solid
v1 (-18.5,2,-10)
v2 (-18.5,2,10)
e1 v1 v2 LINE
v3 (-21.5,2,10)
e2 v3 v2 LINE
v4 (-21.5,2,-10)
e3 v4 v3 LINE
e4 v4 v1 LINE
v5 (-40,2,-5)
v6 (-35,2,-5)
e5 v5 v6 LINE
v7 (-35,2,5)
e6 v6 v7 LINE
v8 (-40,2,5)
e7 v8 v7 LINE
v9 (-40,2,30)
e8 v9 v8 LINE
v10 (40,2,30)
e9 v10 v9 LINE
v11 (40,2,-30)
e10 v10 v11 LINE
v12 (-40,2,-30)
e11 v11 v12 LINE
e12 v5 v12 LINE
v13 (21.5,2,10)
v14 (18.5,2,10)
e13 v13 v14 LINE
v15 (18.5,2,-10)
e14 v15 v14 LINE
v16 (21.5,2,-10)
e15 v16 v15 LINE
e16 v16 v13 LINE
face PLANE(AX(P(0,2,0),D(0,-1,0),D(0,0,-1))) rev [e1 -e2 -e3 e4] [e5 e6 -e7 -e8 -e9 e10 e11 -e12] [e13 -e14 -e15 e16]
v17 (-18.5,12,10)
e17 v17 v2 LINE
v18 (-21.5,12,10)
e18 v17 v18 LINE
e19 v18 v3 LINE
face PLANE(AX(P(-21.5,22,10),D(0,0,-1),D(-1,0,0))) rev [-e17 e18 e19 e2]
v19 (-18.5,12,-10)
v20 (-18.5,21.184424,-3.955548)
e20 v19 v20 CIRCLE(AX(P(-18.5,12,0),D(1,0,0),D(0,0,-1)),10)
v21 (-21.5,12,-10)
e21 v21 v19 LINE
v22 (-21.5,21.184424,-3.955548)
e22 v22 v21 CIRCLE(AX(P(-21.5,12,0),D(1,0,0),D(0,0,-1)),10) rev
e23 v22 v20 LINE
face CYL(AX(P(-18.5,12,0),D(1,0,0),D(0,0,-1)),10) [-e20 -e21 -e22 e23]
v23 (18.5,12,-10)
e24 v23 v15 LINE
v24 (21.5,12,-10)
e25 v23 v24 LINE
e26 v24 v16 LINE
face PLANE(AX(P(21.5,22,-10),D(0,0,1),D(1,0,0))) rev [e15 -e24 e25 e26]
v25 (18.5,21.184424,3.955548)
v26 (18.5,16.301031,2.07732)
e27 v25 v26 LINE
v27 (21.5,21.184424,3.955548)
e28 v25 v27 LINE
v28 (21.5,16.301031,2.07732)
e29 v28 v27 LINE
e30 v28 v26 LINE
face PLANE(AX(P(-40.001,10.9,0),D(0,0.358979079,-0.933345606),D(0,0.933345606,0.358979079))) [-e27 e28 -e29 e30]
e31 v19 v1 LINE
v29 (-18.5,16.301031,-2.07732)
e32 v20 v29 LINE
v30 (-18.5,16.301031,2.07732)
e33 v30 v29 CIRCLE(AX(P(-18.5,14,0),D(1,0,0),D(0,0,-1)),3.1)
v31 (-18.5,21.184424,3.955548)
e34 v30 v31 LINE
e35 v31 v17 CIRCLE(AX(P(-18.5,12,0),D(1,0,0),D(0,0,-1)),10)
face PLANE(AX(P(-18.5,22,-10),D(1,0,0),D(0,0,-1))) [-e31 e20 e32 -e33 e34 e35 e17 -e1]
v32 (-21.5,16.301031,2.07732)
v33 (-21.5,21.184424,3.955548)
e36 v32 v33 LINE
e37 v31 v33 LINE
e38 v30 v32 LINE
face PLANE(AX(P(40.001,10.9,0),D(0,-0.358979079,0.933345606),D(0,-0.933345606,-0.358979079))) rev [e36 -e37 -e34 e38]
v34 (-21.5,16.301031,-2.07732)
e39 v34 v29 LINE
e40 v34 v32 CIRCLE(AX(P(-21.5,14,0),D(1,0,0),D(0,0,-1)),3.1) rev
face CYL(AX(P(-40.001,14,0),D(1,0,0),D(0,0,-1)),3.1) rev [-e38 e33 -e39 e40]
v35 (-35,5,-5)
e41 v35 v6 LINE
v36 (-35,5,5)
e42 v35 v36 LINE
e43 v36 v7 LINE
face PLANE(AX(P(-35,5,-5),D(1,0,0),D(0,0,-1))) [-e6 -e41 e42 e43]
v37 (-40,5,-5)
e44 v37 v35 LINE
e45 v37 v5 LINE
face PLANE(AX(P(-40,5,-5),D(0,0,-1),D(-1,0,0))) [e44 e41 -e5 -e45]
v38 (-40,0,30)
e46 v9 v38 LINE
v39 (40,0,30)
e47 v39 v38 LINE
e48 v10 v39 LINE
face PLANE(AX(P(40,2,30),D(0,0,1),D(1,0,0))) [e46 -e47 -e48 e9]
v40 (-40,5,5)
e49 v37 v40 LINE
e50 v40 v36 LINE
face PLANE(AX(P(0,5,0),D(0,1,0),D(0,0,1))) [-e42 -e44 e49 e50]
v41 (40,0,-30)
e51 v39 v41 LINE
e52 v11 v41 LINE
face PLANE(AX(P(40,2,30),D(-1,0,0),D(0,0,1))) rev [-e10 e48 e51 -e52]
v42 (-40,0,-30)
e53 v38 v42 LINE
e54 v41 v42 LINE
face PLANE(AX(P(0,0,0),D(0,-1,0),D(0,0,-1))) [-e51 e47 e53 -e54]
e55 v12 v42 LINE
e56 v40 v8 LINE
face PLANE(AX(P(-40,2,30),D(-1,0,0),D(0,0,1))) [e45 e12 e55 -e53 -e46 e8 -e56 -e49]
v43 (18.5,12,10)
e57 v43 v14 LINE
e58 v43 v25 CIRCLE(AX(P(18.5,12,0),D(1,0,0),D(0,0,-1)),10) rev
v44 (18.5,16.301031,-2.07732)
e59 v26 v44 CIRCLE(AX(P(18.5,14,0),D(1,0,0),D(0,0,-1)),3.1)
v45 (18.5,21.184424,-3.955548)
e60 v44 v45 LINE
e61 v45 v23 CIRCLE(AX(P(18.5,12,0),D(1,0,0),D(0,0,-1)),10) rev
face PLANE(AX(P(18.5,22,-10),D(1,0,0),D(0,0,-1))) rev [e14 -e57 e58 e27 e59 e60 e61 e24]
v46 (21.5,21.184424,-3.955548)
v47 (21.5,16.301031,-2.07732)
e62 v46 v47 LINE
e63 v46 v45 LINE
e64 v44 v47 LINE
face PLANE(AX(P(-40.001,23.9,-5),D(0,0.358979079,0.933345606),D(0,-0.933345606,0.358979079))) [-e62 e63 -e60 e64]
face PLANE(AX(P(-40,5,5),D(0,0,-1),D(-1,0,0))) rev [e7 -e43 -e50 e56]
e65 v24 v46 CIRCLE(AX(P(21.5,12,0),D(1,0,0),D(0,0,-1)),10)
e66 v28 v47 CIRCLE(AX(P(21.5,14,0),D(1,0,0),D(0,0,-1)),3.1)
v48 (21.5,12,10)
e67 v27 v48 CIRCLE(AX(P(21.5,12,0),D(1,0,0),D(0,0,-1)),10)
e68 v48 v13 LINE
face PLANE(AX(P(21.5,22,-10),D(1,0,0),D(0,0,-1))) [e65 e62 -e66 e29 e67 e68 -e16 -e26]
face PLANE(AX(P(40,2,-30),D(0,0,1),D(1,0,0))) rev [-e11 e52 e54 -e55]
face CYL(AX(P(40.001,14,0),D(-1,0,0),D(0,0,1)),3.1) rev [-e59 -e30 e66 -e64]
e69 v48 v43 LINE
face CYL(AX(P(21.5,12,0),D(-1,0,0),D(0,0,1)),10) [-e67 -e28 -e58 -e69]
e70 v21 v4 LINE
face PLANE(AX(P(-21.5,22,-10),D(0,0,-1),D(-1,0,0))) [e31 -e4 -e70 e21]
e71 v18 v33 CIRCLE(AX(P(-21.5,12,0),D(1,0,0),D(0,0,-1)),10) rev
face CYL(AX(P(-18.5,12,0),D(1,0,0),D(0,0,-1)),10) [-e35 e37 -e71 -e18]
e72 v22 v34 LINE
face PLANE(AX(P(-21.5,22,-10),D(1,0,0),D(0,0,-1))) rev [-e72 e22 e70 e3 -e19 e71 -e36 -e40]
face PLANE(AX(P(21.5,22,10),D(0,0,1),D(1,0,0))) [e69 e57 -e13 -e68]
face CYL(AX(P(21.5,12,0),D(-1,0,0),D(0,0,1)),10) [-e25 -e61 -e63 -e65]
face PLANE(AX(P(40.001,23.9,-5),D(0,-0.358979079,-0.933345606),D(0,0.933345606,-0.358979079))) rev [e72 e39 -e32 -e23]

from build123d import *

# Parameters (mm, degrees)
SKETCH1_W                   = 80
SKETCH1_H                   = 60
BOSS_EXTRUDE1_DEPTH         = 2
SKETCH2_W                   = 3
SKETCH2_H                   = 20
BOSS_EXTRUDE2_DEPTH         = 20
CUT_EXTRUDE1_REACH          = 71.327
SKETCH3_R                   = 3.1
FILLET1_RADIUS              = 10
FILLET1_LENGTH              = 3
CUT_EXTRUDE2_REACH          = 73.877
FILLET1_OF_MIRROR1_2_RADIUS = 10
FILLET1_OF_MIRROR1_2_LENGTH = 3
SKETCH5_W                   = 5
SKETCH5_H                   = 10
BOSS_EXTRUDE3_DEPTH         = 3


with BuildPart() as part:
    # Sketch1 → Boss-Extrude1 (new body)
    with BuildSketch(Plane(origin=(0, 0, 0), x_dir=(1, 0, 0), z_dir=(0, 1, 0))):
        Rectangle(SKETCH1_W, SKETCH1_H)
    extrude(amount=BOSS_EXTRUDE1_DEPTH)

    # Sketch2 → Boss-Extrude2 (add)
    with BuildSketch(Plane(origin=(0, 2, 0), x_dir=(1, 0, 0), z_dir=(0, 1, 0))):
        with Locations((-20, 0)):
            Rectangle(SKETCH2_W, SKETCH2_H)
    boss_extrude2 = extrude(amount=BOSS_EXTRUDE2_DEPTH)

    # Sketch3 → Cut-Extrude1 (cut, up to next)
    with BuildSketch(Plane(origin=(-18.5, 0, 0), x_dir=(0, 0, -1), z_dir=(1, 0, 0)), mode=Mode.PRIVATE) as cut_extrude1_sk1:
        with Locations((0, 14)):
            Circle(SKETCH3_R)
    cut_extrude1_tool1 = extrude(cut_extrude1_sk1.sketch, amount=-CUT_EXTRUDE1_REACH, mode=Mode.PRIVATE) & part.part
    cut_extrude1 = cut_extrude1_tool1.solids().sort_by_distance((-18.5, 14, 0))[0]
    add(cut_extrude1, mode=Mode.SUBTRACT)

    # Fillet1: full round fillet: the end face becomes a half cylinder, R = half its width
    fillet1_face = Plane((-20, 22, 0), x_dir=(-1, 0, 0), z_dir=(0, 1, 0))  # on the end face: x along it, z out of the body
    fillet1_slab = fillet1_face.offset(-FILLET1_RADIUS / 2) * Box(FILLET1_LENGTH, 2 * FILLET1_RADIUS, FILLET1_RADIUS, mode=Mode.PRIVATE)  # the body's end, R deep
    fillet1_round = Plane((-20, 12, 0), x_dir=(0, 1, 0), z_dir=(-1, 0, 0)) * Cylinder(FILLET1_RADIUS, FILLET1_LENGTH, mode=Mode.PRIVATE)  # its axis R under the face
    add(fillet1_slab - fillet1_round, mode=Mode.SUBTRACT)

    # Sketch4 → Cut-Extrude2 (cut, up to next)
    with BuildSketch(Plane.ZY.offset(21.5), mode=Mode.PRIVATE) as cut_extrude2_sk1:
        Polygon((0, 10.9), (5, 23.9), (-5, 23.9), align=None)
    cut_extrude2_tool1 = extrude(cut_extrude2_sk1.sketch, amount=-CUT_EXTRUDE2_REACH, mode=Mode.PRIVATE) & part.part
    cut_extrude2 = cut_extrude2_tool1.solids().sort_by_distance((-21.5, 19.566667, 0))[0]
    add(cut_extrude2, mode=Mode.SUBTRACT)

    # Mirror1: Boss-Extrude2, Cut-Extrude1, Cut-Extrude2 across plane
    add(boss_extrude2.mirror(Plane(origin=(0, 0, 0), x_dir=(0, 0, 1), z_dir=(1, 0, 0))))
    add(cut_extrude1.mirror(Plane(origin=(0, 0, 0), x_dir=(0, 0, 1), z_dir=(1, 0, 0))), mode=Mode.SUBTRACT)
    add(cut_extrude2.mirror(Plane(origin=(0, 0, 0), x_dir=(0, 0, 1), z_dir=(1, 0, 0))), mode=Mode.SUBTRACT)

    # Fillet1 of Mirror1 2: full round fillet: the end face becomes a half cylinder, R = half its width
    fillet1_of_mirror1_2_face = Plane((20, 22, 0), x_dir=(1, 0, 0), z_dir=(0, 1, 0))  # on the end face: x along it, z out of the body
    fillet1_of_mirror1_2_slab = fillet1_of_mirror1_2_face.offset(-FILLET1_OF_MIRROR1_2_RADIUS / 2) * Box(FILLET1_OF_MIRROR1_2_LENGTH, 2 * FILLET1_OF_MIRROR1_2_RADIUS, FILLET1_OF_MIRROR1_2_RADIUS, mode=Mode.PRIVATE)  # the body's end, R deep
    fillet1_of_mirror1_2_round = Plane((20, 12, 0), x_dir=(0, 1, 0), z_dir=(1, 0, 0)) * Cylinder(FILLET1_OF_MIRROR1_2_RADIUS, FILLET1_OF_MIRROR1_2_LENGTH, mode=Mode.PRIVATE)  # its axis R under the face
    add(fillet1_of_mirror1_2_slab - fillet1_of_mirror1_2_round, mode=Mode.SUBTRACT)

    # Sketch5 → Boss-Extrude3 (add)
    with BuildSketch(Plane(origin=(0, 2, 0), x_dir=(1, 0, 0), z_dir=(0, 1, 0))):
        with Locations((-37.5, 0)):
            Rectangle(SKETCH5_W, SKETCH5_H)
    extrude(amount=BOSS_EXTRUDE3_DEPTH)


solid = part.part
